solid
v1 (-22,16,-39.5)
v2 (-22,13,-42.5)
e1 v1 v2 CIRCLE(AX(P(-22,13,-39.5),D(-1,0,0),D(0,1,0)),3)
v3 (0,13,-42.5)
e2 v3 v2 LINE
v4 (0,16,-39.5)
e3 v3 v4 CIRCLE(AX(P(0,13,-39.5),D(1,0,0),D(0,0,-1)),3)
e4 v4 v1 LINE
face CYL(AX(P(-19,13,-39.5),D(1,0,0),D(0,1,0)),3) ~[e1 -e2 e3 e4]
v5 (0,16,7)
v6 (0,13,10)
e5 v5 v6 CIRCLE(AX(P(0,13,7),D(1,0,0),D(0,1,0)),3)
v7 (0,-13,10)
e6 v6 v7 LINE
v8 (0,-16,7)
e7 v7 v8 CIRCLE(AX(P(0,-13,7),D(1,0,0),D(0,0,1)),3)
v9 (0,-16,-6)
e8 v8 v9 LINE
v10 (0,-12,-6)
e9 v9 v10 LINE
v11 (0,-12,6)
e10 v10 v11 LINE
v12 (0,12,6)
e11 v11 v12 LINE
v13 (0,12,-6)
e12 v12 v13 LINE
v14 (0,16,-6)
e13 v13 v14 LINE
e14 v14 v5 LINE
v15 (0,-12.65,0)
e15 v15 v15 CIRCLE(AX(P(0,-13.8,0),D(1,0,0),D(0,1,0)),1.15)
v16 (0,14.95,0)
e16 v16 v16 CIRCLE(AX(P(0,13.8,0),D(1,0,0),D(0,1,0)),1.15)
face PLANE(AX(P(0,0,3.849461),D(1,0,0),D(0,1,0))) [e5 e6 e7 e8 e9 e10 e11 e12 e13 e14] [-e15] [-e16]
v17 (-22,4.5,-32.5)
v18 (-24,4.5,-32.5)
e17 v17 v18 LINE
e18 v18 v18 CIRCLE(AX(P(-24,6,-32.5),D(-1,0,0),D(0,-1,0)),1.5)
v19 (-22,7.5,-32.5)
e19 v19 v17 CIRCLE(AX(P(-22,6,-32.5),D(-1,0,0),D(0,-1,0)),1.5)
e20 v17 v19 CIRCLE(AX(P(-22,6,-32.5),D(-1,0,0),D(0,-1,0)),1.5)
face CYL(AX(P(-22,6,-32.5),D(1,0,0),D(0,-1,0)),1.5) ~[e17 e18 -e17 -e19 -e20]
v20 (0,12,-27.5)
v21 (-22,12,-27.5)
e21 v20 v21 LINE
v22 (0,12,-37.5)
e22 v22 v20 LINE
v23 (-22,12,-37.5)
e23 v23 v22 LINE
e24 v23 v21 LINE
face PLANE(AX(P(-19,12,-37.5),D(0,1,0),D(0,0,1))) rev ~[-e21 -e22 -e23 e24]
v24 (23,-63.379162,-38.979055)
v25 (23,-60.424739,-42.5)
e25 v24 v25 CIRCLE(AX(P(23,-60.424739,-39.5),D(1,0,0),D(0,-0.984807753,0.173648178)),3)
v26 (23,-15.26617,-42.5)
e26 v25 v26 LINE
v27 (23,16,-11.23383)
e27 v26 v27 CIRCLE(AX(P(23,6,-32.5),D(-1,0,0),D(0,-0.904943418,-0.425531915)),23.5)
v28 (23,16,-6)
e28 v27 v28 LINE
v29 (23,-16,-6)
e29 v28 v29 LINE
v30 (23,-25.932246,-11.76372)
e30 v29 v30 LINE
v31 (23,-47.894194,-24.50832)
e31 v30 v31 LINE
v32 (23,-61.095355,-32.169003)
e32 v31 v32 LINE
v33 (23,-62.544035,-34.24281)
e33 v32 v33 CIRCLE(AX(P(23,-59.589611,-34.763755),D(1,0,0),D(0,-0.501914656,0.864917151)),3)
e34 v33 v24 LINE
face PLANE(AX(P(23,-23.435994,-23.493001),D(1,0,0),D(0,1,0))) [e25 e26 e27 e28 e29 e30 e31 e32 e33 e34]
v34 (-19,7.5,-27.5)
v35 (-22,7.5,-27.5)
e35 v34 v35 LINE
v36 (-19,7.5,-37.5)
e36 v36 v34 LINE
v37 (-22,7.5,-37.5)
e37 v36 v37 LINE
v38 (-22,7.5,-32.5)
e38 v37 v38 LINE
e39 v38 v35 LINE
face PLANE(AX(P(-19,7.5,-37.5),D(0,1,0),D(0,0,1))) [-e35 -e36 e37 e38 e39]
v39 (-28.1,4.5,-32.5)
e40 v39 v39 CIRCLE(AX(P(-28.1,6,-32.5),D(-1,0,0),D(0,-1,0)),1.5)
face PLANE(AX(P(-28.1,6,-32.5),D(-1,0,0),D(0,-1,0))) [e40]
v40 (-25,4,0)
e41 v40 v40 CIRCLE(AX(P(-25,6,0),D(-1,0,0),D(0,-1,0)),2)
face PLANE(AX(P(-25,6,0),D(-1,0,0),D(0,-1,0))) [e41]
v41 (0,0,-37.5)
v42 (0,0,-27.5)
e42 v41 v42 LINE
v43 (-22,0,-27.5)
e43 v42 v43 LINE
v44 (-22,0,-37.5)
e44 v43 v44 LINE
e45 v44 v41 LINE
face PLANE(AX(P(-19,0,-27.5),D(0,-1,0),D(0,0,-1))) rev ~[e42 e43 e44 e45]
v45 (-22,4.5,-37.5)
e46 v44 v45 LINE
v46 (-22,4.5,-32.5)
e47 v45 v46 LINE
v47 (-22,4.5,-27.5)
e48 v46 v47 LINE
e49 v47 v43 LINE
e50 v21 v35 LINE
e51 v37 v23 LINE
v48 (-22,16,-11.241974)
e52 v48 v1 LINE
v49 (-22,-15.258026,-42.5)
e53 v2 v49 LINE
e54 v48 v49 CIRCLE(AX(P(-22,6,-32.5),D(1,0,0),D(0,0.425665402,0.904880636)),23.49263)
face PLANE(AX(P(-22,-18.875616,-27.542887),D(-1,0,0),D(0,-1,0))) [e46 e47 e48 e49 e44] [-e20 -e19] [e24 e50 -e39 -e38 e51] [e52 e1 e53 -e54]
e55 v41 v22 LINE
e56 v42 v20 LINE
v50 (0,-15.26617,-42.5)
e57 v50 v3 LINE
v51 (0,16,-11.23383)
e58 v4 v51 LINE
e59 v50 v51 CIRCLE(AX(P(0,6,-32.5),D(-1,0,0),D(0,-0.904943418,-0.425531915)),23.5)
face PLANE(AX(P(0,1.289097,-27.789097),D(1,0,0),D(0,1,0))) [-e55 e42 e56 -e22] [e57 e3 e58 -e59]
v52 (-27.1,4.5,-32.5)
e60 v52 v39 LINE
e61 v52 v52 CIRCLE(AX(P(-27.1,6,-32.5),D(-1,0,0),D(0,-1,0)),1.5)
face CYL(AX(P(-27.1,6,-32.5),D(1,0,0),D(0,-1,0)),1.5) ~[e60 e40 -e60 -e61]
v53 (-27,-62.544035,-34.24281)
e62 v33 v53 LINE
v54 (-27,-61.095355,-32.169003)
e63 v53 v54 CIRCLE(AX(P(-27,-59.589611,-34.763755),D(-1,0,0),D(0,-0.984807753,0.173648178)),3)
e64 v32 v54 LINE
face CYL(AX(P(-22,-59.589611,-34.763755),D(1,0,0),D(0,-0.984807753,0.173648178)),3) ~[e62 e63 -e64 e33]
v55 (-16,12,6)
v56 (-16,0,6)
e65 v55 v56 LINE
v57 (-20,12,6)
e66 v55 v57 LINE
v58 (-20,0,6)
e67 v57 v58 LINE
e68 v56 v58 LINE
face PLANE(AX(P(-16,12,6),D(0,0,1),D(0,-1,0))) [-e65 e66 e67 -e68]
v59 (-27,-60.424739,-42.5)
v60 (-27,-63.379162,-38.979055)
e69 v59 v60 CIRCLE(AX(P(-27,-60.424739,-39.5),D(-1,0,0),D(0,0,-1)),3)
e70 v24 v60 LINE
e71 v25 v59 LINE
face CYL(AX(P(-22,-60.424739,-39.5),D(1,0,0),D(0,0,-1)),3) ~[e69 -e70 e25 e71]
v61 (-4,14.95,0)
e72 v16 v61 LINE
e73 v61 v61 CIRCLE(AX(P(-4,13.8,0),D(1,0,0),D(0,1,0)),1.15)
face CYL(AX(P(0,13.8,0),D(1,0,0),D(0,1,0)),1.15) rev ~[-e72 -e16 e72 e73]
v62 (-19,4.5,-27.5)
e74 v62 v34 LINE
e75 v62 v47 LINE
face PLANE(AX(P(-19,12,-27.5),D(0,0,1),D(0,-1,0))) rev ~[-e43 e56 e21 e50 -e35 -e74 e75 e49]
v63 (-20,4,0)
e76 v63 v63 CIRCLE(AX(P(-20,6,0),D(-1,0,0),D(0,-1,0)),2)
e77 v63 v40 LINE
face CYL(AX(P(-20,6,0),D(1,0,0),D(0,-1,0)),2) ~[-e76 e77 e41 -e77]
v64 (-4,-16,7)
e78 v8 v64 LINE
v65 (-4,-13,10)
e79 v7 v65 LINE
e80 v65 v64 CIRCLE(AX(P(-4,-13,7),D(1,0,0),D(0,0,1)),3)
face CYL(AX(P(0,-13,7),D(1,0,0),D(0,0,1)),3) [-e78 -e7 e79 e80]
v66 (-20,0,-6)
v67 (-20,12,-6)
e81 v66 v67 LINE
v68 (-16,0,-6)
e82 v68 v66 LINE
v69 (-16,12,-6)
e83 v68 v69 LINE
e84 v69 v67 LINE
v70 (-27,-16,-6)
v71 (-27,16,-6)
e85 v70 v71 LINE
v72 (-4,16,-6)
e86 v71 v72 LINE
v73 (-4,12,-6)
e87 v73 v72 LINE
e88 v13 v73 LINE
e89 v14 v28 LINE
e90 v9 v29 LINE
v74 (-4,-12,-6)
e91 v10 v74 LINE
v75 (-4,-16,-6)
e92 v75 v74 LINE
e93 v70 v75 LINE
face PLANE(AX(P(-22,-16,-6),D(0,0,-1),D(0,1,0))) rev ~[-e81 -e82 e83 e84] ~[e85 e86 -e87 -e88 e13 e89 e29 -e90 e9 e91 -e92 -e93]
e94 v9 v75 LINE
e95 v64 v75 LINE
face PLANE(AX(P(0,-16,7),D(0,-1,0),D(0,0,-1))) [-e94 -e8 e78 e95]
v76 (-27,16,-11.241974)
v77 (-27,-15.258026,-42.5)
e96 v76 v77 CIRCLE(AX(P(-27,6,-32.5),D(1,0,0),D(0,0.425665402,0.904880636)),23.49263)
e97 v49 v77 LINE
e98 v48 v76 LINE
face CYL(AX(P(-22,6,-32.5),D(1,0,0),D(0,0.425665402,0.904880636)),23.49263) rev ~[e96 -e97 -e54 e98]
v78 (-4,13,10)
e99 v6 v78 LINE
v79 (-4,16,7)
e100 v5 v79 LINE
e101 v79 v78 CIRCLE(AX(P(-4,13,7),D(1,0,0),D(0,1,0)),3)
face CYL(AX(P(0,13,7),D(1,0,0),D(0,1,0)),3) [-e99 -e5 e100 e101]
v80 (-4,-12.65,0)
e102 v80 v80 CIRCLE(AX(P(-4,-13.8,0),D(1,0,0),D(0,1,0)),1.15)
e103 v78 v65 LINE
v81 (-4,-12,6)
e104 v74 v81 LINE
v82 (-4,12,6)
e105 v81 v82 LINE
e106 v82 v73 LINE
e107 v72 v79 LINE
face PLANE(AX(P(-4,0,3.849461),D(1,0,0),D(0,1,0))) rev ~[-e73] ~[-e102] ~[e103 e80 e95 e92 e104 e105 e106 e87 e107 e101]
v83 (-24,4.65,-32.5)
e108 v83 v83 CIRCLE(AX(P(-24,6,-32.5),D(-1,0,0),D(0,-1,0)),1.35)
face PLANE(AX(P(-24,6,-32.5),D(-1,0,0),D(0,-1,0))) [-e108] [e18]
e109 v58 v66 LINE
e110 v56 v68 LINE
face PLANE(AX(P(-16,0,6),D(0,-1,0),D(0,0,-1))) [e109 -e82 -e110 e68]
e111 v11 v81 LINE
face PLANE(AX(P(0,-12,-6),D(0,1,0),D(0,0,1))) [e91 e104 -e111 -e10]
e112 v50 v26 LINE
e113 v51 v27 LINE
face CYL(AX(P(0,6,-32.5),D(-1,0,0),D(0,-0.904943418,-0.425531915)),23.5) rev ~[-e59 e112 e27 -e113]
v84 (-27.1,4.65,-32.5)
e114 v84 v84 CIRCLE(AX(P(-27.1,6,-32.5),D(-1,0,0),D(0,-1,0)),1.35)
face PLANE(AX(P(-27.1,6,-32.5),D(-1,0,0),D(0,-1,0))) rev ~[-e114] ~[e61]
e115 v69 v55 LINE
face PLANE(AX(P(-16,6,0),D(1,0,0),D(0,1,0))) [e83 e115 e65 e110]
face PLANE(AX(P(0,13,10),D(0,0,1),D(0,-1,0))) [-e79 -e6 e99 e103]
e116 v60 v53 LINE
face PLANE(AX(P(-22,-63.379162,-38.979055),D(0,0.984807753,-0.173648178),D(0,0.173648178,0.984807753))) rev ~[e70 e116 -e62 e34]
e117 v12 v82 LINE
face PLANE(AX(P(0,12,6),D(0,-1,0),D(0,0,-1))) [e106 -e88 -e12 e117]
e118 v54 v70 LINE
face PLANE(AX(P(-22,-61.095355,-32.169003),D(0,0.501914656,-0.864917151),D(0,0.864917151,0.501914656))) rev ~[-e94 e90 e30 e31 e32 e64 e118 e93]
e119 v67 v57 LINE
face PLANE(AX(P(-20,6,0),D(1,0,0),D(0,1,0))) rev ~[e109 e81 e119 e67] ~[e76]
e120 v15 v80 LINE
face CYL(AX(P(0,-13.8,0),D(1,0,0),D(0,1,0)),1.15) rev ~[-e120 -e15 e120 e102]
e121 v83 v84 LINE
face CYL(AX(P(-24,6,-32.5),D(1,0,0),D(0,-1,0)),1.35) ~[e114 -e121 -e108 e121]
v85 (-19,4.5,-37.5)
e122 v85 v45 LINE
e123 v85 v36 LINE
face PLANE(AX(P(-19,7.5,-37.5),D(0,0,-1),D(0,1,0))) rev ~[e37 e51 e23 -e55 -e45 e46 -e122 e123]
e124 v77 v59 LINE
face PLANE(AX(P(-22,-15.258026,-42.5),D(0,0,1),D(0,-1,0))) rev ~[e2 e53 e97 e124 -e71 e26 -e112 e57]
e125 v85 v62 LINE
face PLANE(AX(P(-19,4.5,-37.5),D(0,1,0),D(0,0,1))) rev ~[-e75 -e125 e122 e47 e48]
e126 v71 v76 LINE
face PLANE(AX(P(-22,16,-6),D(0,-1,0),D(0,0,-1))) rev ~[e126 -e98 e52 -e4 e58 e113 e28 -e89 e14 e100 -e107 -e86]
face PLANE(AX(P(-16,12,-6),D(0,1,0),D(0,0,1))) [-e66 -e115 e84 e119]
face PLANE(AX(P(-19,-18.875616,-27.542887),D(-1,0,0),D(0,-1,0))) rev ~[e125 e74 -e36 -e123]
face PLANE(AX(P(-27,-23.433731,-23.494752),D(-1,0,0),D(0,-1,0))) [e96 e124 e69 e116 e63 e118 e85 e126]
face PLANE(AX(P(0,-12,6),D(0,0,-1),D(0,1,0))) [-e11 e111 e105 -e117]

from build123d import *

# Parameters (mm, degrees)
F1_DEPTH  = 23
F0_W      = 12
F0_H      = 10
F2_DEPTH  = 19
F3_W      = 3
F3_H      = 10
F4_DEPTH  = 3
F6_DEPTH  = 2
F7_R      = 1.35
F8_DEPTH  = 3.1
F9_R      = 1.5
F9_R_2    = 1.35
F10_DEPTH = 1
F12_DEPTH = 5
F0_R      = 1.15
F13_DEPTH = 4
F16_DEPTH = 4
F17_R     = 2
F18_DEPTH = 5


with BuildPart() as f1:
    # F0 (on Right) → F1 (new body)
    with BuildSketch(Plane.YZ):
        with BuildLine():
            Line((12, -6), (-12, -6))
            Line((-12, -6), (-16, -6))
            Line((-16, -6), (-25.9322462259, -11.7637196141))
            Line((-25.9322462259, -11.7637196141), (-47.8941944105, -24.5083202449))
            Line((-47.8941944105, -24.5083202449), (-61.0953553653, -32.1690032962))
            ThreePointArc((-61.0953553653, -32.1690032962), (-62.0489693843, -33.0457447692), (-62.5440346563, -34.2428102162))
            Line((-62.5440346563, -34.2428102162), (-63.3791624813, -38.979055467))
            ThreePointArc((-63.3791624813, -38.979055467), (-62.7228725516, -41.4283628291), (-60.4247392222, -42.5))
            Line((-60.4247392222, -42.5), (-15.2661703181, -42.5))
            ThreePointArc((-15.2661703181, -42.5), (-10.6170093579, -15.8829906421), (16, -11.2338296819))
            Line((16, -11.2338296819), (16, -6))
            Line((16, -6), (12, -6))
        make_face()
    extrude(amount=F1_DEPTH)

    # F0 (on Right) → F2 (join)
    with BuildSketch(Plane.YZ):
        with BuildLine():
            Line((16, -39.5), (16, -11.2338296819))
            ThreePointArc((16, -11.2338296819), (-10.6170093579, -15.8829906421), (-15.2661703181, -42.5))
            Line((-15.2661703181, -42.5), (13, -42.5))
            ThreePointArc((13, -42.5), (15.1213203436, -41.6213203436), (16, -39.5))
        make_face()
        with Locations((6, -32.5)):
            Rectangle(F0_W, F0_H, mode=Mode.SUBTRACT)
        with BuildLine():
            Line((12, -6), (-12, -6))
            Line((-12, -6), (-16, -6))
            Line((-16, -6), (-25.9322462259, -11.7637196141))
            Line((-25.9322462259, -11.7637196141), (-47.8941944105, -24.5083202449))
            Line((-47.8941944105, -24.5083202449), (-61.0953553653, -32.1690032962))
            ThreePointArc((-61.0953553653, -32.1690032962), (-62.0489693843, -33.0457447692), (-62.5440346563, -34.2428102162))
            Line((-62.5440346563, -34.2428102162), (-63.3791624813, -38.979055467))
            ThreePointArc((-63.3791624813, -38.979055467), (-62.7228725516, -41.4283628291), (-60.4247392222, -42.5))
            Line((-60.4247392222, -42.5), (-15.2661703181, -42.5))
            ThreePointArc((-15.2661703181, -42.5), (-10.6170093579, -15.8829906421), (16, -11.2338296819))
            Line((16, -11.2338296819), (16, -6))
            Line((16, -6), (12, -6))
        make_face()
    extrude(amount=-F2_DEPTH)

    # F3 (on face) → F4 (join)
    with BuildSketch(Plane(origin=(-19, 0, 0), x_dir=(0, -1, 0), z_dir=(-1, 0, 0))):
        with BuildLine():
            Line((-16, -6), (-16, -39.5))
            ThreePointArc((-16, -39.5), (-15.1213203436, -41.6213203436), (-13, -42.5))
            Line((-13, -42.5), (60.4247392222, -42.5))
            ThreePointArc((60.4247392222, -42.5), (62.7228725516, -41.4283628291), (63.3791624813, -38.979055467))
            Line((63.3791624813, -38.979055467), (62.5440346563, -34.2428102162))
            ThreePointArc((62.5440346563, -34.2428102162), (62.0489693843, -33.0457447692), (61.0953553653, -32.1690032962))
            Line((61.0953553653, -32.1690032962), (16, -6))
            Line((16, -6), (-16, -6))
        make_face()
        Polygon((-12, -27.5), (-7.5, -27.5), (-4.5, -27.5), (0, -27.5), (0, -37.5), (-4.5, -37.5), (-7.5, -37.5), (-12, -37.5), align=None, mode=Mode.SUBTRACT)
        with Locations((-6, -32.5)):
            Rectangle(F3_W, F3_H)
    extrude(amount=F4_DEPTH)

    # F5 (on face) → F6 (join)
    with BuildSketch(Plane(origin=(-22, 0, 0), x_dir=(0, -1, 0), z_dir=(-1, 0, 0))):
        with BuildLine():
            ThreePointArc((-7.5, -32.5), (-6, -34), (-4.5, -32.5))
            ThreePointArc((-4.5, -32.5), (-6, -31), (-7.5, -32.5))
        make_face()
    extrude(amount=F6_DEPTH)

    # F7 (on face) → F8 (join)
    with BuildSketch(Plane(origin=(-24, 0, 0), x_dir=(0, -1, 0), z_dir=(-1, 0, 0))):
        with Locations((-6, -32.5)):
            Circle(F7_R)
    extrude(amount=F8_DEPTH)

    # F9 (on face) → F10 (join)
    with BuildSketch(Plane(origin=(-27.1, 0, 0), x_dir=(0, -1, 0), z_dir=(-1, 0, 0))):
        with Locations((-6, -32.5)):
            Circle(F9_R)
        with Locations((-6, -32.5)):
            Circle(F9_R_2, mode=Mode.SUBTRACT)
        with Locations((-6, -32.5)):
            Circle(F9_R_2)
    extrude(amount=F10_DEPTH)

    # F11 (on face) → F12 (join)
    with BuildSketch(Plane(origin=(-22, 0, 0), x_dir=(0, -1, 0), z_dir=(-1, 0, 0))):
        with BuildLine():
            ThreePointArc((-16, -11.2419736034), (10.6117983114, -15.8882016886), (15.2580263966, -42.5))
            Line((15.2580263966, -42.5), (60.4247392222, -42.5))
            ThreePointArc((60.4247392222, -42.5), (62.7228725516, -41.4283628291), (63.3791624813, -38.979055467))
            Line((63.3791624813, -38.979055467), (62.5440346563, -34.2428102162))
            ThreePointArc((62.5440346563, -34.2428102162), (62.0489693843, -33.0457447692), (61.0953553653, -32.1690032962))
            Line((61.0953553653, -32.1690032962), (16, -6))
            Line((16, -6), (-16, -6))
            Line((-16, -6), (-16, -11.2419736034))
        make_face()
    extrude(amount=F12_DEPTH)

    # F0 (on Right) → F13 (join)
    with BuildSketch(Plane.YZ):
        with BuildLine():
            Line((-12, -6), (-12, 6))
            Line((-12, 6), (12, 6))
            Line((12, 6), (12, -6))
            Line((12, -6), (16, -6))
            Line((16, -6), (16, 7))
            ThreePointArc((16, 7), (15.1213203436, 9.1213203436), (13, 10))
            Line((13, 10), (0, 10))
            Line((0, 10), (-13, 10))
            ThreePointArc((-13, 10), (-15.1213203436, 9.1213203436), (-16, 7))
            Line((-16, 7), (-16, -6))
            Line((-16, -6), (-12, -6))
        make_face()
        with Locations((-13.8, 0)):
            Circle(F0_R, mode=Mode.SUBTRACT)
        with Locations((13.8, 0)):
            Circle(F0_R, mode=Mode.SUBTRACT)
    extrude(amount=-F13_DEPTH)

    # F15 (on offset) → F16 (join)
    with BuildSketch(Plane.YZ.offset(-16)):
        Polygon((0, -6), (12, -6), (12, 0), (12, 6), (0, 6), align=None)
    extrude(amount=-F16_DEPTH)

    # F17 (on face) → F18 (join)
    with BuildSketch(Plane(origin=(-20, 0, 0), x_dir=(0, -1, 0), z_dir=(-1, 0, 0))):
        with Locations((-6, 0)):
            Circle(F17_R)
    extrude(amount=F18_DEPTH)


solid = f1.part
